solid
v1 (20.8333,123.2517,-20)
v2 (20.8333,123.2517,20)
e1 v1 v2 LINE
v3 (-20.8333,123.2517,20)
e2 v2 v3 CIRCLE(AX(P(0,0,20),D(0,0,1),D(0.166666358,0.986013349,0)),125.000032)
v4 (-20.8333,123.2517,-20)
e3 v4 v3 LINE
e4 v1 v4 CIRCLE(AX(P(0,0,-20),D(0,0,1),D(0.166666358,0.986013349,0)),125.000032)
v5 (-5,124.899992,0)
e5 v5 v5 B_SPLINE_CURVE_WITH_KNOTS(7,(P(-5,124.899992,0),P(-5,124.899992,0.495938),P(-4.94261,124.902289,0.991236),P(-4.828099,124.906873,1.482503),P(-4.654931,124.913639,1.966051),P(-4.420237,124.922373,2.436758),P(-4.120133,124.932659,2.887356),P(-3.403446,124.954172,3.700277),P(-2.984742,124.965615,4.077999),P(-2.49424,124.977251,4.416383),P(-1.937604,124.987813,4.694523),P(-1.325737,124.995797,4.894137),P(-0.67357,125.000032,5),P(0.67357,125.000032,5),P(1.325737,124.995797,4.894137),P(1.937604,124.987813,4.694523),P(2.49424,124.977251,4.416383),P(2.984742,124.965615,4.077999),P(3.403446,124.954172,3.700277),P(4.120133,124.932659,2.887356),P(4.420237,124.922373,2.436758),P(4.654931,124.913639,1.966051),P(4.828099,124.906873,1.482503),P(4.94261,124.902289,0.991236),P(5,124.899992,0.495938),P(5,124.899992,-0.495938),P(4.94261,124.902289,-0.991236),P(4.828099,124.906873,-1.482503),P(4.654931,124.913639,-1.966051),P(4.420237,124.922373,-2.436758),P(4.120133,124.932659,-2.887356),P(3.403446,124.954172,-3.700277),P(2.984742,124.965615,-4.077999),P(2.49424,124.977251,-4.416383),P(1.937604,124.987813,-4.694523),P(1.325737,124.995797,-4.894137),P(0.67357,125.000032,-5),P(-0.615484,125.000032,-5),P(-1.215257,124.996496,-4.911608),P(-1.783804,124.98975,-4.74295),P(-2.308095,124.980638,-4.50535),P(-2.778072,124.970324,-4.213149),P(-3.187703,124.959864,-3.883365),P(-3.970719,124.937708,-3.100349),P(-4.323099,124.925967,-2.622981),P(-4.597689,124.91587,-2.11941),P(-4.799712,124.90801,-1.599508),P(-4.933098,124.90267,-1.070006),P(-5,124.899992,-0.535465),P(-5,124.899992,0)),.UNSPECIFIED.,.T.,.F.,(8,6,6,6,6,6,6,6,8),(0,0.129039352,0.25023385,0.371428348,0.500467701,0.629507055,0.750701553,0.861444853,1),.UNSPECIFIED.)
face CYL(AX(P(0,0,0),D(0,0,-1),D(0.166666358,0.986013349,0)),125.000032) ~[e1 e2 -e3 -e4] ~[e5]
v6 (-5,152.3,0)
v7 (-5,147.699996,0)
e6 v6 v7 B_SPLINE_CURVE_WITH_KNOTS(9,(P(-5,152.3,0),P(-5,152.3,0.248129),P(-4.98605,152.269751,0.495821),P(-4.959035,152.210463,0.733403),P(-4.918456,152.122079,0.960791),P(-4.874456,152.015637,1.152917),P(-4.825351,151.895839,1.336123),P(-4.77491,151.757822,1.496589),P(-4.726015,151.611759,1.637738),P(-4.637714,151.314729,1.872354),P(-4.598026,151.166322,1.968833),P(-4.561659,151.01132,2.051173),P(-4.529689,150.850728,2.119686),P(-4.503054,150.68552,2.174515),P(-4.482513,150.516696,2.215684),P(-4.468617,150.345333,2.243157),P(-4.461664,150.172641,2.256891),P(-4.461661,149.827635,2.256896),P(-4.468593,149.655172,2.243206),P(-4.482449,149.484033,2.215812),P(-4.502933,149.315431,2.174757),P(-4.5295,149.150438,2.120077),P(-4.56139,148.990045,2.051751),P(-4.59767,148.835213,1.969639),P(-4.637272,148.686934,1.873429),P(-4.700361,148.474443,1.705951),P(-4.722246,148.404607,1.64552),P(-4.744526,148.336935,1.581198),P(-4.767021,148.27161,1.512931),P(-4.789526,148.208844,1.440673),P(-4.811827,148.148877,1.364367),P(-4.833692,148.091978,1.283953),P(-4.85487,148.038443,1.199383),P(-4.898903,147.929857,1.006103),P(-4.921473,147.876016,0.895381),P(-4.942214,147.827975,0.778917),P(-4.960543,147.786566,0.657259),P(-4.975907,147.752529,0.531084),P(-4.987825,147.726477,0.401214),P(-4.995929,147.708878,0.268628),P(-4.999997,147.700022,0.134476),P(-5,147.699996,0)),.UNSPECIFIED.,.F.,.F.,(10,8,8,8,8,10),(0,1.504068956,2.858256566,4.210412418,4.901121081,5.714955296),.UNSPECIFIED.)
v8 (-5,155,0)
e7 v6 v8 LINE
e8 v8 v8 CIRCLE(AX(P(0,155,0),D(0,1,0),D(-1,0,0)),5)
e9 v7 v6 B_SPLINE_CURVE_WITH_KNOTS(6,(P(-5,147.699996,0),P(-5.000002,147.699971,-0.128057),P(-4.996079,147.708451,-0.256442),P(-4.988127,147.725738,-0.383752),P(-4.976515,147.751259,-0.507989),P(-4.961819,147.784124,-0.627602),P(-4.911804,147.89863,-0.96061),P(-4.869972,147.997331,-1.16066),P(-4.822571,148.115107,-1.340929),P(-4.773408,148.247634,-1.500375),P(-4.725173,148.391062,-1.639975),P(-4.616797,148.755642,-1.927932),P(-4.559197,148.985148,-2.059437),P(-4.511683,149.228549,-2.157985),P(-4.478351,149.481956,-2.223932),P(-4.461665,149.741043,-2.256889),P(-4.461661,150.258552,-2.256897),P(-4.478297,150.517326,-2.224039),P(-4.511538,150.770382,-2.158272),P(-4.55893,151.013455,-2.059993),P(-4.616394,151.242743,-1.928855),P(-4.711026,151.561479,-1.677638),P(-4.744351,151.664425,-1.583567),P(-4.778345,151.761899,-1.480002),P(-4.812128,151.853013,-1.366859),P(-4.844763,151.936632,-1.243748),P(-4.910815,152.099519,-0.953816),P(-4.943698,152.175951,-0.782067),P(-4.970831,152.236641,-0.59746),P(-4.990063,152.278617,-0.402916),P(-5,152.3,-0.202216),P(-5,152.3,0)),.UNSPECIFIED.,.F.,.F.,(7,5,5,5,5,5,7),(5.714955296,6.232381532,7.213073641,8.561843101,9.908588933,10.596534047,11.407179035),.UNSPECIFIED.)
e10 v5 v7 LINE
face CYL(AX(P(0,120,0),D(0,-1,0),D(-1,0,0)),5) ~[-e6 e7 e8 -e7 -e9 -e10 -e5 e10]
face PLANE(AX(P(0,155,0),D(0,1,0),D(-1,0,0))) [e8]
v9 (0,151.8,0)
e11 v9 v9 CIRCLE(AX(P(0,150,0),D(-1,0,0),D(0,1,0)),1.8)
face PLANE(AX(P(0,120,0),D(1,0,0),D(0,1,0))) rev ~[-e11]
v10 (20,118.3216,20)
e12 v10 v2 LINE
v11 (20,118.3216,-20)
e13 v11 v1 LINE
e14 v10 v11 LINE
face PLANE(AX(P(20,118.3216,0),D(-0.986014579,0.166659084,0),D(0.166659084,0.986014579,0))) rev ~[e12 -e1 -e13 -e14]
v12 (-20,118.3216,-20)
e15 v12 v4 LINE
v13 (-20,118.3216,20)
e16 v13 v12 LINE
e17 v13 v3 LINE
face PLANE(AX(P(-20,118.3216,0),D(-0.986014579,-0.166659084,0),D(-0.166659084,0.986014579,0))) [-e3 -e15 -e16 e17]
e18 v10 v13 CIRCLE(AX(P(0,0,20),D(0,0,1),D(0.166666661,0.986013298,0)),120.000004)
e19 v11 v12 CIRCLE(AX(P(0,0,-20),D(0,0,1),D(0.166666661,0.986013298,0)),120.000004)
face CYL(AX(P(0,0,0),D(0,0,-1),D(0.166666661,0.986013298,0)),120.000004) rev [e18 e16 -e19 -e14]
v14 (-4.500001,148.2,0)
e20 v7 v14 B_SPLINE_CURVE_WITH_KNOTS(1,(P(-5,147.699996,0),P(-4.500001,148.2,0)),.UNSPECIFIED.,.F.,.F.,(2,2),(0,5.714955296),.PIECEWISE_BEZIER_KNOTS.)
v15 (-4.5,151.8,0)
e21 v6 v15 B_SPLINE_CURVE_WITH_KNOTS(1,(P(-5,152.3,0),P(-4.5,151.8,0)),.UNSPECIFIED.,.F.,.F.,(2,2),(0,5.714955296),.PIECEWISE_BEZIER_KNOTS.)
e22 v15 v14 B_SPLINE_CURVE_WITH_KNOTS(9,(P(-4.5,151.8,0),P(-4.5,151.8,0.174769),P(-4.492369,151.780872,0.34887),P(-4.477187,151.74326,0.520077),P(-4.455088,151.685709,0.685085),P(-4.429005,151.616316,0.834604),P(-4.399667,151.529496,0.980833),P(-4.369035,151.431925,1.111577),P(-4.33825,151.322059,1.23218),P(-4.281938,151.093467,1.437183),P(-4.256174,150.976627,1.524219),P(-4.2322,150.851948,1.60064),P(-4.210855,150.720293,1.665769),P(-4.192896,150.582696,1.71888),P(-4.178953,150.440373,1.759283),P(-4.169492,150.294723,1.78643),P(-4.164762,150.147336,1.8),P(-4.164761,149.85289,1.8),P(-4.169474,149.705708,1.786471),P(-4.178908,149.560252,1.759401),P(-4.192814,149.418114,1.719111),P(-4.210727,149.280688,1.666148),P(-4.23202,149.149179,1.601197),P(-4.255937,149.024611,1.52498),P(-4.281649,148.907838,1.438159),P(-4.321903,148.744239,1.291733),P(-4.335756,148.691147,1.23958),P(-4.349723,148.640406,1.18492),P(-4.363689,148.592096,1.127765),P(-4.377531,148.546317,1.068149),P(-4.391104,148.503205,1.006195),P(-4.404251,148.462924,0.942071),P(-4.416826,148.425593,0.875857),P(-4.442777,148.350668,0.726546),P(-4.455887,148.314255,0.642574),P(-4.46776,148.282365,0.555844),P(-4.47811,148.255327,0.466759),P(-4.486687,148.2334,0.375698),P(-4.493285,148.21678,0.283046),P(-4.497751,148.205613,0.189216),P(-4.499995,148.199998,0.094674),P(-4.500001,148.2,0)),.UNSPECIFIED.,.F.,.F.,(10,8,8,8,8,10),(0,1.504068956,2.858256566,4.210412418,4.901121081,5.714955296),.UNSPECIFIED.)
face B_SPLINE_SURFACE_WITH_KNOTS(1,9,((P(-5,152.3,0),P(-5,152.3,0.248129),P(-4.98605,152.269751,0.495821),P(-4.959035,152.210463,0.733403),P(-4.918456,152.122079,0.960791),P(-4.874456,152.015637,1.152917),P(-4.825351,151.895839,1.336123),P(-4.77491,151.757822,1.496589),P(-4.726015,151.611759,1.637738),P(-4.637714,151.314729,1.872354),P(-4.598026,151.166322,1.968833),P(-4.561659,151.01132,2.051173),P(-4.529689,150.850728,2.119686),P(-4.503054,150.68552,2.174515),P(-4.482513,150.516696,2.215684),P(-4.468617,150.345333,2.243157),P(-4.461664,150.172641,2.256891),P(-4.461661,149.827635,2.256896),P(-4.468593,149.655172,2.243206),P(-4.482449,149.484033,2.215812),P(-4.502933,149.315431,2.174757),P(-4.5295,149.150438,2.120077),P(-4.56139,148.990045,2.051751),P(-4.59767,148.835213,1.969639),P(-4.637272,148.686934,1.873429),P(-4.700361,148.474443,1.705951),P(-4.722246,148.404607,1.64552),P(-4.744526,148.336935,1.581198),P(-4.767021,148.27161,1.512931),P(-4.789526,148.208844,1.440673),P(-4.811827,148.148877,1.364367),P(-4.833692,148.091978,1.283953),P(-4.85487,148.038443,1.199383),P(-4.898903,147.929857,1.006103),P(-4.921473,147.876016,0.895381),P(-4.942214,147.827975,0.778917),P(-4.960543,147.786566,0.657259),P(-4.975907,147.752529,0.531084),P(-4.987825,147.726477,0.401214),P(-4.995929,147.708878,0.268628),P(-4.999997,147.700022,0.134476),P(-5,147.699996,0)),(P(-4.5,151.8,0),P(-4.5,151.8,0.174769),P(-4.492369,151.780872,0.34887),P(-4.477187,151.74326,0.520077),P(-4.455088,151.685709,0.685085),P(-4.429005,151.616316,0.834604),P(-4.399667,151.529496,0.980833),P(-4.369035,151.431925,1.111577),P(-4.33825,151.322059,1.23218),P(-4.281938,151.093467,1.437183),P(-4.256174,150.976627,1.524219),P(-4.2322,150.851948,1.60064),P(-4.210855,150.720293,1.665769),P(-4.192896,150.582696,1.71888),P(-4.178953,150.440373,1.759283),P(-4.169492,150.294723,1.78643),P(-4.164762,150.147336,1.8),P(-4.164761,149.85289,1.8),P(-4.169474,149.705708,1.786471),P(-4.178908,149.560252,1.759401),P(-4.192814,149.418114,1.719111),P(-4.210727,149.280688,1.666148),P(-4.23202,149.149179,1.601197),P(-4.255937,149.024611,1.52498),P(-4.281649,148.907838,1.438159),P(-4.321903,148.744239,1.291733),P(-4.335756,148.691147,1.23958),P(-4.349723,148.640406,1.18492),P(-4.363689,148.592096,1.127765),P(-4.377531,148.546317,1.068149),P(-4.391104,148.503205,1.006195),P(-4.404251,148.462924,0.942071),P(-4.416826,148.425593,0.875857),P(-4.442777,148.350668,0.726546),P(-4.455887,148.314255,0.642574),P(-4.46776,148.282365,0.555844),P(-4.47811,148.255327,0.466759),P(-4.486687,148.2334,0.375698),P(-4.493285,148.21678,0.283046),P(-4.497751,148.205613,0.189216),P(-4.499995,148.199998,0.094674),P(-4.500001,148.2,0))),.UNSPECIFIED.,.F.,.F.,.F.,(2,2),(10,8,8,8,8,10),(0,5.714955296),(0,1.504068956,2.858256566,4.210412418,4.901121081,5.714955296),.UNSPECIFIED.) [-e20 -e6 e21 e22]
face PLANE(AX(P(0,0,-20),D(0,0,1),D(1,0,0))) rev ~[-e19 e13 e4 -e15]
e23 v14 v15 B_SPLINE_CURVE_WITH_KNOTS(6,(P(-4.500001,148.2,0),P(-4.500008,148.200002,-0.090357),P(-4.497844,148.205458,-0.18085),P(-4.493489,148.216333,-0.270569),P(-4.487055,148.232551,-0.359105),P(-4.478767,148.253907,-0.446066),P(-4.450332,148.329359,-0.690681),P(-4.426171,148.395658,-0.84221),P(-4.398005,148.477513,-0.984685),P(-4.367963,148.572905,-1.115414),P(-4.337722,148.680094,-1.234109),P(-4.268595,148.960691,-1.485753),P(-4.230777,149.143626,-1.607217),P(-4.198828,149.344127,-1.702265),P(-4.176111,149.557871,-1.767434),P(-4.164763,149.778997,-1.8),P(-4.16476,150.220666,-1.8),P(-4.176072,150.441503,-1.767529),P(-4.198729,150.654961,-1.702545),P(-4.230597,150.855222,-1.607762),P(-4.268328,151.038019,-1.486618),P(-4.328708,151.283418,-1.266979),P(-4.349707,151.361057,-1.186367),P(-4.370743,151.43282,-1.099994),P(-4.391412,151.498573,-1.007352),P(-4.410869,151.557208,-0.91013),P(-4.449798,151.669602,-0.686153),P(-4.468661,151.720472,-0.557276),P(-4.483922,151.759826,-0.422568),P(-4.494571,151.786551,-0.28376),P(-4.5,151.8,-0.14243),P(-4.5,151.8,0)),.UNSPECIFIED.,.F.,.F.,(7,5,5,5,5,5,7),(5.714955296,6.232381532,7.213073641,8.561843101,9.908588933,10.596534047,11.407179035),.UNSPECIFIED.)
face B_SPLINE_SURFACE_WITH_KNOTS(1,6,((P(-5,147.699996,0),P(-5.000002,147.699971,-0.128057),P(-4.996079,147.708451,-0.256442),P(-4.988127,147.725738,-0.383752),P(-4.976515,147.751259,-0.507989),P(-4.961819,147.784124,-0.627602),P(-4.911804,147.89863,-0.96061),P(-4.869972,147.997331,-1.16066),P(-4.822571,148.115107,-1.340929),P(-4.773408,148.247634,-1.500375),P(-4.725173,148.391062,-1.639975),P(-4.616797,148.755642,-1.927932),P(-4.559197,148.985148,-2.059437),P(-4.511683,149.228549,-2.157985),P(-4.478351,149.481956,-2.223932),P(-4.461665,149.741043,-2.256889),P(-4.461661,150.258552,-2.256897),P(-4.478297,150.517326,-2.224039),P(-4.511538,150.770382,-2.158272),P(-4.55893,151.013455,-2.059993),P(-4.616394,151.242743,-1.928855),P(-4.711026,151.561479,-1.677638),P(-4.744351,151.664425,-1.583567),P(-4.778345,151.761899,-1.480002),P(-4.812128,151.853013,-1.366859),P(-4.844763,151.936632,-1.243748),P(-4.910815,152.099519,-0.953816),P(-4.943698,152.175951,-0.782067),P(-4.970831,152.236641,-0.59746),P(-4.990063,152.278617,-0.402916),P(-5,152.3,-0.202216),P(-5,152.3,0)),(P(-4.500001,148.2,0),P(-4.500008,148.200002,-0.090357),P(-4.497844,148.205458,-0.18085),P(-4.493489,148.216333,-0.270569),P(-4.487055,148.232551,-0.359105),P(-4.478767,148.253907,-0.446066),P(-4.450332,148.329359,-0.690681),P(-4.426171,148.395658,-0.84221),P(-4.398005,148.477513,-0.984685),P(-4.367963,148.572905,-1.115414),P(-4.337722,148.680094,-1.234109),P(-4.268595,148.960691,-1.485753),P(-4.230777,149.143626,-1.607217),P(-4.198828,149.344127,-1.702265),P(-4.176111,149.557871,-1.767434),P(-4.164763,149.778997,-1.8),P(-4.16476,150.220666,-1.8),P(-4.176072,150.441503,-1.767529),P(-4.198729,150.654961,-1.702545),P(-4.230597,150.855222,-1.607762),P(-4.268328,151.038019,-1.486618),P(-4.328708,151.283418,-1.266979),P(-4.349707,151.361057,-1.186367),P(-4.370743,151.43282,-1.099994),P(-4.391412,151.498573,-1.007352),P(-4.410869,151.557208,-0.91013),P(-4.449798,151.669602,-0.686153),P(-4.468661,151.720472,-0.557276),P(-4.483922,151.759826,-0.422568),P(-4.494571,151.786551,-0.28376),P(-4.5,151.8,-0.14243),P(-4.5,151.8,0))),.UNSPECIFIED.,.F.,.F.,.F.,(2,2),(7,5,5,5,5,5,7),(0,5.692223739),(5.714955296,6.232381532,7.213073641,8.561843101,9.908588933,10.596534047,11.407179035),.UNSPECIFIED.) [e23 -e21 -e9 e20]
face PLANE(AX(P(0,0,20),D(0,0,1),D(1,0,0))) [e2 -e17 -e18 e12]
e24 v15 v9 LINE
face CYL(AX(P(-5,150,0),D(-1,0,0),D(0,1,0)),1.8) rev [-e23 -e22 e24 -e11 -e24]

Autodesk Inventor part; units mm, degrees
ref_plane "XY Plane" through (0, 0, 0) normal (0, 0, 1) x (1, 0, 0)
sketch "Sketch1" plane through (0, 0, 0) normal (0, 0, 1) x (1, 0, 0)
  arc A0 (20.8333, 123.2517) -> (-20.8333, 123.2517) centre (0, 0) ccw
  arc A1 (20, 118.3216) -> (-20, 118.3216) centre (0, 0) ccw
  line L0 (0, 0) -> (0, 143.8844) construction
  line L1 (-20, 118.3216) -> (-20.8333, 123.2517)
  line L2 (20, 118.3216) -> (20.8333, 123.2517)
  dimension "d0" = 250
  dimension "d1" = 5
  dimension "d2" = 40
extrude "Extrusion1" add sketch "Sketch1" along normal mid plane 40
ref_plane "Work Plane1" through (0, 120, 0) normal (0, 1, 0) x (-1, 0, 0)
sketch "Sketch2" plane through (0, 120, 0) normal (0, 1, 0) x (-1, 0, 0)
  circle A0 centre (0, 0) radius 5
  point P0 (0, 0)
  dimension "d5" = 10
extrude "Extrusion2" add sketch "Sketch2" along normal blind 35
ref_plane "Work Plane2" through (-5, 120, 0) normal (1, 0, 0) x (0, 1, 0)
sketch "Sketch3" plane through (-5, 120, 0) normal (1, 0, 0) x (0, 1, 0)
  circle A0 centre (30, 0) radius 1.8
  line L0 (35, -5) -> (35, 5) projected
  line L1 (-151, 0) -> (66, 0) projected
  point P0 (-120, 0)
  dimension "d8" = 3.6
  dimension "d9" = 5
extrude "Extrusion3" cut sketch "Sketch3" along normal blind 5
chamfer "Chamfer1" distance 0.5 angle 45 2 edges at (-4.6648, 149.9993, -1.8) (-4.6648, 150.0007, 1.8)
properties part number "shiftt_fixed_plate2"
